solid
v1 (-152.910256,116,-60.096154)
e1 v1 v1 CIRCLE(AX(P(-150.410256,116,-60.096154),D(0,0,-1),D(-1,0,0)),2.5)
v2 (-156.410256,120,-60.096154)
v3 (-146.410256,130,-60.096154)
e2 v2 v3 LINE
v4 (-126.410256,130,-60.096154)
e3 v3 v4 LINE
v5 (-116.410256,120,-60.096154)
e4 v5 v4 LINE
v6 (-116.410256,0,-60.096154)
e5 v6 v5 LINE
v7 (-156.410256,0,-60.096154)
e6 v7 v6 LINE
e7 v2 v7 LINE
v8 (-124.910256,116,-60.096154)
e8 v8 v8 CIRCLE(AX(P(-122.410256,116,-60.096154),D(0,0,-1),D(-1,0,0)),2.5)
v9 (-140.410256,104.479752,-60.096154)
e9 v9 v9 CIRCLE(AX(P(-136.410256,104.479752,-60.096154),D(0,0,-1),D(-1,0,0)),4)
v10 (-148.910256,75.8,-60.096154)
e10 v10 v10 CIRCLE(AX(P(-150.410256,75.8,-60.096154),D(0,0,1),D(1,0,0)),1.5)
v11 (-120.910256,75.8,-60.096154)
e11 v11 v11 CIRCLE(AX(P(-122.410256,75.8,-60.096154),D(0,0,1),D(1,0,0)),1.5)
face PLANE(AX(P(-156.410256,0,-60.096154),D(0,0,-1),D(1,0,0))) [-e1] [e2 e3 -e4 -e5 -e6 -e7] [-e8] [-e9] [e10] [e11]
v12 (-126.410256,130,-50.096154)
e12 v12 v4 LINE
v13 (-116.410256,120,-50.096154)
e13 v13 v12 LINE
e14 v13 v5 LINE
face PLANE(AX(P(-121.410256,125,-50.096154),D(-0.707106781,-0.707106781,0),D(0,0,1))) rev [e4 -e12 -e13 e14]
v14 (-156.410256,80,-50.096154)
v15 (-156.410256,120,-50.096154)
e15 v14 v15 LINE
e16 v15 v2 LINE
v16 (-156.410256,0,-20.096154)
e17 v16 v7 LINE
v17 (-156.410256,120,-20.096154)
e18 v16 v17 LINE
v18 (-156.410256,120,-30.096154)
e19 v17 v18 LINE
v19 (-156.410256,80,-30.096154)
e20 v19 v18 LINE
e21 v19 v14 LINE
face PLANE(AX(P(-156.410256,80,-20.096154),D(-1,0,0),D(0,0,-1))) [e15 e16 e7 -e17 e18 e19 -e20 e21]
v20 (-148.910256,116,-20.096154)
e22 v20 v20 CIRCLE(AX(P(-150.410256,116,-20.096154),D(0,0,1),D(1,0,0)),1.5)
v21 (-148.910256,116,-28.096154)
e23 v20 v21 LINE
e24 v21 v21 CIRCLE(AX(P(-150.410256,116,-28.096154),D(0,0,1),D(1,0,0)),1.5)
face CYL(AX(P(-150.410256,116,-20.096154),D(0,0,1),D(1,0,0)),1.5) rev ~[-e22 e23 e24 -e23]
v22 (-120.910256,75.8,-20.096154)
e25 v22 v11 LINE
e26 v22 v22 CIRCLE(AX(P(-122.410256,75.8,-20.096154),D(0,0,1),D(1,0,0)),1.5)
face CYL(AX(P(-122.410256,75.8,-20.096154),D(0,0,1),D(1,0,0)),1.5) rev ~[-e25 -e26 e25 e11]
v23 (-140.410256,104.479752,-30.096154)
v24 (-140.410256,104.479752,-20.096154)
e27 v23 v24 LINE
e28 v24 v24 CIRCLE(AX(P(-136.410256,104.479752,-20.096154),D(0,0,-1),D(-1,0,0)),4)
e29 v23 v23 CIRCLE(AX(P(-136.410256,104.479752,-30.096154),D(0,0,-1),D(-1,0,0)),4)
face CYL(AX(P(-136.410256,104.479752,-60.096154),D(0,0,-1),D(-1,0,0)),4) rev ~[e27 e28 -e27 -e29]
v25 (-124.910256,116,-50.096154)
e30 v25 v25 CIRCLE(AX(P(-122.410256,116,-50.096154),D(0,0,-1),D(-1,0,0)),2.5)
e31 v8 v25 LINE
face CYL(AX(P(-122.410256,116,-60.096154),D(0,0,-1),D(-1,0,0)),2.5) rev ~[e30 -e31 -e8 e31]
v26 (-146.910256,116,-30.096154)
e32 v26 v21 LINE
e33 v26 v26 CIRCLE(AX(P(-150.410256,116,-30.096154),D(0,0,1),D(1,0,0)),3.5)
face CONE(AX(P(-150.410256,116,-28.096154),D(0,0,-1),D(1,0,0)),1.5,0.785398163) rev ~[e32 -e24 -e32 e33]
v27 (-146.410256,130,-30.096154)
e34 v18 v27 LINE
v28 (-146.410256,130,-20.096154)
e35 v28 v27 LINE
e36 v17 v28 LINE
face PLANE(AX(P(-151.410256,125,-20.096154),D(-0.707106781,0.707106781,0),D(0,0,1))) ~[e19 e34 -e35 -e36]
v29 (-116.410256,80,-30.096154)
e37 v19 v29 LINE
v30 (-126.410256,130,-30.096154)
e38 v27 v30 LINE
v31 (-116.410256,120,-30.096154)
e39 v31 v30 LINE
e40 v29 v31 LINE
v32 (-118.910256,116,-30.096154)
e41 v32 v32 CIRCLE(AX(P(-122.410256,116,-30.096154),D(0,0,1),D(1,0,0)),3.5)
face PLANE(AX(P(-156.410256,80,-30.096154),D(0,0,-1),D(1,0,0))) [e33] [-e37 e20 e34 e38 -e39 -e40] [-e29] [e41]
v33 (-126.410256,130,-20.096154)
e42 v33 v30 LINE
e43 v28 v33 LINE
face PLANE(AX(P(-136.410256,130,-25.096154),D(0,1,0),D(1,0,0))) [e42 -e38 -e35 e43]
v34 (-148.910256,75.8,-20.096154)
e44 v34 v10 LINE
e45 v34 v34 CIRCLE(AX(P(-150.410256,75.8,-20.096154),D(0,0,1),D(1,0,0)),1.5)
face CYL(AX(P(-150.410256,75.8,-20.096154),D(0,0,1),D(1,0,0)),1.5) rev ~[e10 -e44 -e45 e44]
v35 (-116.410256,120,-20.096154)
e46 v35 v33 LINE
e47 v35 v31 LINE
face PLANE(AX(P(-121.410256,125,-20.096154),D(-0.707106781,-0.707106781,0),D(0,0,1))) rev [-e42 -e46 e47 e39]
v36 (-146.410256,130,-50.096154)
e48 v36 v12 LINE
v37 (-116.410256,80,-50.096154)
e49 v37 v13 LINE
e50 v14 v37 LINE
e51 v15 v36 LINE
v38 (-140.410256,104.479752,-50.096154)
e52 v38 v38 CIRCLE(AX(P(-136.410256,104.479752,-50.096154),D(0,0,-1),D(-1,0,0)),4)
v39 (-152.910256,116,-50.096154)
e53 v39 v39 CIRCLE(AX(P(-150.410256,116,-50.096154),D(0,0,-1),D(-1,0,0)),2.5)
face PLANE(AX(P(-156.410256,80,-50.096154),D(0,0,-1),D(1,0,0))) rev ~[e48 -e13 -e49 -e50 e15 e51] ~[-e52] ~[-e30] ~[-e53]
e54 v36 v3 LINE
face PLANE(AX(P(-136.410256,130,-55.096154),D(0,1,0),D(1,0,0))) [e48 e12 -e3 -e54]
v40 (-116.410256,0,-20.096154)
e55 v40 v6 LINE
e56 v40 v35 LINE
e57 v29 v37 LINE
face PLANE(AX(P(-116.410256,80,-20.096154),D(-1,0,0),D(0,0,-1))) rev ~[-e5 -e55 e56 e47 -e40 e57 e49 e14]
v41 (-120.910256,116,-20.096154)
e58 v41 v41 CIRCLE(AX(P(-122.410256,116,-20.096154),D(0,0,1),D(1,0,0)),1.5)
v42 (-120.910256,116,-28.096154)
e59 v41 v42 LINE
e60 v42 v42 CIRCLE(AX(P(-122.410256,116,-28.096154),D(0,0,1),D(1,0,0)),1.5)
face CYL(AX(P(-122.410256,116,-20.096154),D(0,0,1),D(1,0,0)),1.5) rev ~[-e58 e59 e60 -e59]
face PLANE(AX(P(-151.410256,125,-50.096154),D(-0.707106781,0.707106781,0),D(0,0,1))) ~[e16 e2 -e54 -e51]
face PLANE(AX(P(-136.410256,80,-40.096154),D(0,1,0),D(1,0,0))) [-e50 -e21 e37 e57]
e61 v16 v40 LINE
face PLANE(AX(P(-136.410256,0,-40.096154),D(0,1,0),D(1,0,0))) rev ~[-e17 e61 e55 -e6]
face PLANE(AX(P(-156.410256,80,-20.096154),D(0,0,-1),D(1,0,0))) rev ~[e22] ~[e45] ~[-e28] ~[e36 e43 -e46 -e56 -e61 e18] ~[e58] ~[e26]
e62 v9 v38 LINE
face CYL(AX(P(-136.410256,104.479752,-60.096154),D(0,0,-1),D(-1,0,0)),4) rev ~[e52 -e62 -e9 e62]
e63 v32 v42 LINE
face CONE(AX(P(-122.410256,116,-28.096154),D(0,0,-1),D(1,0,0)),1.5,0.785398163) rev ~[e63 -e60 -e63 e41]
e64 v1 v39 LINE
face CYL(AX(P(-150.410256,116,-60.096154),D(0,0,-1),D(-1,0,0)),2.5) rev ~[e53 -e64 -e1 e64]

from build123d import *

# Parameters (mm, degrees)
SKETCH1_W           = 40
SKETCH1_H           = 40
BOSS_EXTRUDE1_DEPTH = 80
SKETCH4_W           = 40
SKETCH4_H           = 10
BOSS_EXTRUDE2_DEPTH = 50
CHAMFER1_SIZE       = 10
SKETCH5_R           = 4
CUT_EXTRUDE1_DEPTH  = 60
SKETCH6_R           = 1.5
CUT_EXTRUDE2_DEPTH  = 60
CHAMFER2_SIZE       = 2
SKETCH7_R           = 2.5
CUT_EXTRUDE3_DEPTH  = 20


with BuildPart() as part:
    # Sketch1 → Boss-Extrude1 (new body)
    with BuildSketch(Plane(origin=(0, 0, 0), x_dir=(1, 0, 0), z_dir=(0, 1, 0))):
        with Locations((-136.41025641, 40.096153846)):
            Rectangle(SKETCH1_W, SKETCH1_H)
    extrude(amount=BOSS_EXTRUDE1_DEPTH)

    # Sketch4 → Boss-Extrude2 (add)
    with BuildSketch(Plane(origin=(0, 80, 0), x_dir=(1, 0, 0), z_dir=(0, 1, 0))):
        with Locations((-136.41025641, 25.096153846)):
            Rectangle(SKETCH4_W, SKETCH4_H)
        with Locations((-136.41025641, 55.096153846)):
            Rectangle(SKETCH4_W, SKETCH4_H)
    extrude(amount=BOSS_EXTRUDE2_DEPTH)

    # Chamfer1
    chamfer1_edges = [part.edges().sort_by_distance(p)[0] for p in [
        (-156.41025641, 130, -25.096153846),
        (-116.41025641, 130, -25.096153846),
        (-156.41025641, 130, -55.096153846),
        (-116.41025641, 130, -55.096153846),
    ]]
    chamfer(chamfer1_edges, length=CHAMFER1_SIZE)

    # Sketch5 → Cut-Extrude1 (cut)
    with BuildSketch(Plane(origin=(0, 0, -60.096153846), x_dir=(-1, 0, 0), z_dir=(0, 0, -1))):
        with Locations((136.41025641, 104.479752215)):
            Circle(SKETCH5_R)
    extrude(amount=-CUT_EXTRUDE1_DEPTH, mode=Mode.SUBTRACT)

    # Sketch6 → Cut-Extrude2 (cut)
    with BuildSketch(Plane.XY.offset(-20.096153846)):
        with Locations((-150.41025641, 75.8)):
            Circle(SKETCH6_R)
        with Locations((-150.41025641, 116)):
            Circle(SKETCH6_R)
        with Locations((-122.41025641, 116)):
            Circle(SKETCH6_R)
        with Locations((-122.41025641, 75.8)):
            Circle(SKETCH6_R)
    extrude(amount=-CUT_EXTRUDE2_DEPTH, mode=Mode.SUBTRACT)

    # Chamfer2
    chamfer2_edges = [part.edges().sort_by_distance(p)[0] for p in [
        (-123.91025641, 116, -30.096153846),
        (-151.91025641, 116, -30.096153846),
    ]]
    chamfer(chamfer2_edges, length=CHAMFER2_SIZE)

    # Sketch7 → Cut-Extrude3 (cut)
    with BuildSketch(Plane(origin=(0, 0, -60.096153846), x_dir=(-1, 0, 0), z_dir=(0, 0, -1))):
        with Locations((150.41025641, 116)):
            Circle(SKETCH7_R)
        with Locations((122.41025641, 116)):
            Circle(SKETCH7_R)
    extrude(amount=-CUT_EXTRUDE3_DEPTH, mode=Mode.SUBTRACT)


solid = part.part
